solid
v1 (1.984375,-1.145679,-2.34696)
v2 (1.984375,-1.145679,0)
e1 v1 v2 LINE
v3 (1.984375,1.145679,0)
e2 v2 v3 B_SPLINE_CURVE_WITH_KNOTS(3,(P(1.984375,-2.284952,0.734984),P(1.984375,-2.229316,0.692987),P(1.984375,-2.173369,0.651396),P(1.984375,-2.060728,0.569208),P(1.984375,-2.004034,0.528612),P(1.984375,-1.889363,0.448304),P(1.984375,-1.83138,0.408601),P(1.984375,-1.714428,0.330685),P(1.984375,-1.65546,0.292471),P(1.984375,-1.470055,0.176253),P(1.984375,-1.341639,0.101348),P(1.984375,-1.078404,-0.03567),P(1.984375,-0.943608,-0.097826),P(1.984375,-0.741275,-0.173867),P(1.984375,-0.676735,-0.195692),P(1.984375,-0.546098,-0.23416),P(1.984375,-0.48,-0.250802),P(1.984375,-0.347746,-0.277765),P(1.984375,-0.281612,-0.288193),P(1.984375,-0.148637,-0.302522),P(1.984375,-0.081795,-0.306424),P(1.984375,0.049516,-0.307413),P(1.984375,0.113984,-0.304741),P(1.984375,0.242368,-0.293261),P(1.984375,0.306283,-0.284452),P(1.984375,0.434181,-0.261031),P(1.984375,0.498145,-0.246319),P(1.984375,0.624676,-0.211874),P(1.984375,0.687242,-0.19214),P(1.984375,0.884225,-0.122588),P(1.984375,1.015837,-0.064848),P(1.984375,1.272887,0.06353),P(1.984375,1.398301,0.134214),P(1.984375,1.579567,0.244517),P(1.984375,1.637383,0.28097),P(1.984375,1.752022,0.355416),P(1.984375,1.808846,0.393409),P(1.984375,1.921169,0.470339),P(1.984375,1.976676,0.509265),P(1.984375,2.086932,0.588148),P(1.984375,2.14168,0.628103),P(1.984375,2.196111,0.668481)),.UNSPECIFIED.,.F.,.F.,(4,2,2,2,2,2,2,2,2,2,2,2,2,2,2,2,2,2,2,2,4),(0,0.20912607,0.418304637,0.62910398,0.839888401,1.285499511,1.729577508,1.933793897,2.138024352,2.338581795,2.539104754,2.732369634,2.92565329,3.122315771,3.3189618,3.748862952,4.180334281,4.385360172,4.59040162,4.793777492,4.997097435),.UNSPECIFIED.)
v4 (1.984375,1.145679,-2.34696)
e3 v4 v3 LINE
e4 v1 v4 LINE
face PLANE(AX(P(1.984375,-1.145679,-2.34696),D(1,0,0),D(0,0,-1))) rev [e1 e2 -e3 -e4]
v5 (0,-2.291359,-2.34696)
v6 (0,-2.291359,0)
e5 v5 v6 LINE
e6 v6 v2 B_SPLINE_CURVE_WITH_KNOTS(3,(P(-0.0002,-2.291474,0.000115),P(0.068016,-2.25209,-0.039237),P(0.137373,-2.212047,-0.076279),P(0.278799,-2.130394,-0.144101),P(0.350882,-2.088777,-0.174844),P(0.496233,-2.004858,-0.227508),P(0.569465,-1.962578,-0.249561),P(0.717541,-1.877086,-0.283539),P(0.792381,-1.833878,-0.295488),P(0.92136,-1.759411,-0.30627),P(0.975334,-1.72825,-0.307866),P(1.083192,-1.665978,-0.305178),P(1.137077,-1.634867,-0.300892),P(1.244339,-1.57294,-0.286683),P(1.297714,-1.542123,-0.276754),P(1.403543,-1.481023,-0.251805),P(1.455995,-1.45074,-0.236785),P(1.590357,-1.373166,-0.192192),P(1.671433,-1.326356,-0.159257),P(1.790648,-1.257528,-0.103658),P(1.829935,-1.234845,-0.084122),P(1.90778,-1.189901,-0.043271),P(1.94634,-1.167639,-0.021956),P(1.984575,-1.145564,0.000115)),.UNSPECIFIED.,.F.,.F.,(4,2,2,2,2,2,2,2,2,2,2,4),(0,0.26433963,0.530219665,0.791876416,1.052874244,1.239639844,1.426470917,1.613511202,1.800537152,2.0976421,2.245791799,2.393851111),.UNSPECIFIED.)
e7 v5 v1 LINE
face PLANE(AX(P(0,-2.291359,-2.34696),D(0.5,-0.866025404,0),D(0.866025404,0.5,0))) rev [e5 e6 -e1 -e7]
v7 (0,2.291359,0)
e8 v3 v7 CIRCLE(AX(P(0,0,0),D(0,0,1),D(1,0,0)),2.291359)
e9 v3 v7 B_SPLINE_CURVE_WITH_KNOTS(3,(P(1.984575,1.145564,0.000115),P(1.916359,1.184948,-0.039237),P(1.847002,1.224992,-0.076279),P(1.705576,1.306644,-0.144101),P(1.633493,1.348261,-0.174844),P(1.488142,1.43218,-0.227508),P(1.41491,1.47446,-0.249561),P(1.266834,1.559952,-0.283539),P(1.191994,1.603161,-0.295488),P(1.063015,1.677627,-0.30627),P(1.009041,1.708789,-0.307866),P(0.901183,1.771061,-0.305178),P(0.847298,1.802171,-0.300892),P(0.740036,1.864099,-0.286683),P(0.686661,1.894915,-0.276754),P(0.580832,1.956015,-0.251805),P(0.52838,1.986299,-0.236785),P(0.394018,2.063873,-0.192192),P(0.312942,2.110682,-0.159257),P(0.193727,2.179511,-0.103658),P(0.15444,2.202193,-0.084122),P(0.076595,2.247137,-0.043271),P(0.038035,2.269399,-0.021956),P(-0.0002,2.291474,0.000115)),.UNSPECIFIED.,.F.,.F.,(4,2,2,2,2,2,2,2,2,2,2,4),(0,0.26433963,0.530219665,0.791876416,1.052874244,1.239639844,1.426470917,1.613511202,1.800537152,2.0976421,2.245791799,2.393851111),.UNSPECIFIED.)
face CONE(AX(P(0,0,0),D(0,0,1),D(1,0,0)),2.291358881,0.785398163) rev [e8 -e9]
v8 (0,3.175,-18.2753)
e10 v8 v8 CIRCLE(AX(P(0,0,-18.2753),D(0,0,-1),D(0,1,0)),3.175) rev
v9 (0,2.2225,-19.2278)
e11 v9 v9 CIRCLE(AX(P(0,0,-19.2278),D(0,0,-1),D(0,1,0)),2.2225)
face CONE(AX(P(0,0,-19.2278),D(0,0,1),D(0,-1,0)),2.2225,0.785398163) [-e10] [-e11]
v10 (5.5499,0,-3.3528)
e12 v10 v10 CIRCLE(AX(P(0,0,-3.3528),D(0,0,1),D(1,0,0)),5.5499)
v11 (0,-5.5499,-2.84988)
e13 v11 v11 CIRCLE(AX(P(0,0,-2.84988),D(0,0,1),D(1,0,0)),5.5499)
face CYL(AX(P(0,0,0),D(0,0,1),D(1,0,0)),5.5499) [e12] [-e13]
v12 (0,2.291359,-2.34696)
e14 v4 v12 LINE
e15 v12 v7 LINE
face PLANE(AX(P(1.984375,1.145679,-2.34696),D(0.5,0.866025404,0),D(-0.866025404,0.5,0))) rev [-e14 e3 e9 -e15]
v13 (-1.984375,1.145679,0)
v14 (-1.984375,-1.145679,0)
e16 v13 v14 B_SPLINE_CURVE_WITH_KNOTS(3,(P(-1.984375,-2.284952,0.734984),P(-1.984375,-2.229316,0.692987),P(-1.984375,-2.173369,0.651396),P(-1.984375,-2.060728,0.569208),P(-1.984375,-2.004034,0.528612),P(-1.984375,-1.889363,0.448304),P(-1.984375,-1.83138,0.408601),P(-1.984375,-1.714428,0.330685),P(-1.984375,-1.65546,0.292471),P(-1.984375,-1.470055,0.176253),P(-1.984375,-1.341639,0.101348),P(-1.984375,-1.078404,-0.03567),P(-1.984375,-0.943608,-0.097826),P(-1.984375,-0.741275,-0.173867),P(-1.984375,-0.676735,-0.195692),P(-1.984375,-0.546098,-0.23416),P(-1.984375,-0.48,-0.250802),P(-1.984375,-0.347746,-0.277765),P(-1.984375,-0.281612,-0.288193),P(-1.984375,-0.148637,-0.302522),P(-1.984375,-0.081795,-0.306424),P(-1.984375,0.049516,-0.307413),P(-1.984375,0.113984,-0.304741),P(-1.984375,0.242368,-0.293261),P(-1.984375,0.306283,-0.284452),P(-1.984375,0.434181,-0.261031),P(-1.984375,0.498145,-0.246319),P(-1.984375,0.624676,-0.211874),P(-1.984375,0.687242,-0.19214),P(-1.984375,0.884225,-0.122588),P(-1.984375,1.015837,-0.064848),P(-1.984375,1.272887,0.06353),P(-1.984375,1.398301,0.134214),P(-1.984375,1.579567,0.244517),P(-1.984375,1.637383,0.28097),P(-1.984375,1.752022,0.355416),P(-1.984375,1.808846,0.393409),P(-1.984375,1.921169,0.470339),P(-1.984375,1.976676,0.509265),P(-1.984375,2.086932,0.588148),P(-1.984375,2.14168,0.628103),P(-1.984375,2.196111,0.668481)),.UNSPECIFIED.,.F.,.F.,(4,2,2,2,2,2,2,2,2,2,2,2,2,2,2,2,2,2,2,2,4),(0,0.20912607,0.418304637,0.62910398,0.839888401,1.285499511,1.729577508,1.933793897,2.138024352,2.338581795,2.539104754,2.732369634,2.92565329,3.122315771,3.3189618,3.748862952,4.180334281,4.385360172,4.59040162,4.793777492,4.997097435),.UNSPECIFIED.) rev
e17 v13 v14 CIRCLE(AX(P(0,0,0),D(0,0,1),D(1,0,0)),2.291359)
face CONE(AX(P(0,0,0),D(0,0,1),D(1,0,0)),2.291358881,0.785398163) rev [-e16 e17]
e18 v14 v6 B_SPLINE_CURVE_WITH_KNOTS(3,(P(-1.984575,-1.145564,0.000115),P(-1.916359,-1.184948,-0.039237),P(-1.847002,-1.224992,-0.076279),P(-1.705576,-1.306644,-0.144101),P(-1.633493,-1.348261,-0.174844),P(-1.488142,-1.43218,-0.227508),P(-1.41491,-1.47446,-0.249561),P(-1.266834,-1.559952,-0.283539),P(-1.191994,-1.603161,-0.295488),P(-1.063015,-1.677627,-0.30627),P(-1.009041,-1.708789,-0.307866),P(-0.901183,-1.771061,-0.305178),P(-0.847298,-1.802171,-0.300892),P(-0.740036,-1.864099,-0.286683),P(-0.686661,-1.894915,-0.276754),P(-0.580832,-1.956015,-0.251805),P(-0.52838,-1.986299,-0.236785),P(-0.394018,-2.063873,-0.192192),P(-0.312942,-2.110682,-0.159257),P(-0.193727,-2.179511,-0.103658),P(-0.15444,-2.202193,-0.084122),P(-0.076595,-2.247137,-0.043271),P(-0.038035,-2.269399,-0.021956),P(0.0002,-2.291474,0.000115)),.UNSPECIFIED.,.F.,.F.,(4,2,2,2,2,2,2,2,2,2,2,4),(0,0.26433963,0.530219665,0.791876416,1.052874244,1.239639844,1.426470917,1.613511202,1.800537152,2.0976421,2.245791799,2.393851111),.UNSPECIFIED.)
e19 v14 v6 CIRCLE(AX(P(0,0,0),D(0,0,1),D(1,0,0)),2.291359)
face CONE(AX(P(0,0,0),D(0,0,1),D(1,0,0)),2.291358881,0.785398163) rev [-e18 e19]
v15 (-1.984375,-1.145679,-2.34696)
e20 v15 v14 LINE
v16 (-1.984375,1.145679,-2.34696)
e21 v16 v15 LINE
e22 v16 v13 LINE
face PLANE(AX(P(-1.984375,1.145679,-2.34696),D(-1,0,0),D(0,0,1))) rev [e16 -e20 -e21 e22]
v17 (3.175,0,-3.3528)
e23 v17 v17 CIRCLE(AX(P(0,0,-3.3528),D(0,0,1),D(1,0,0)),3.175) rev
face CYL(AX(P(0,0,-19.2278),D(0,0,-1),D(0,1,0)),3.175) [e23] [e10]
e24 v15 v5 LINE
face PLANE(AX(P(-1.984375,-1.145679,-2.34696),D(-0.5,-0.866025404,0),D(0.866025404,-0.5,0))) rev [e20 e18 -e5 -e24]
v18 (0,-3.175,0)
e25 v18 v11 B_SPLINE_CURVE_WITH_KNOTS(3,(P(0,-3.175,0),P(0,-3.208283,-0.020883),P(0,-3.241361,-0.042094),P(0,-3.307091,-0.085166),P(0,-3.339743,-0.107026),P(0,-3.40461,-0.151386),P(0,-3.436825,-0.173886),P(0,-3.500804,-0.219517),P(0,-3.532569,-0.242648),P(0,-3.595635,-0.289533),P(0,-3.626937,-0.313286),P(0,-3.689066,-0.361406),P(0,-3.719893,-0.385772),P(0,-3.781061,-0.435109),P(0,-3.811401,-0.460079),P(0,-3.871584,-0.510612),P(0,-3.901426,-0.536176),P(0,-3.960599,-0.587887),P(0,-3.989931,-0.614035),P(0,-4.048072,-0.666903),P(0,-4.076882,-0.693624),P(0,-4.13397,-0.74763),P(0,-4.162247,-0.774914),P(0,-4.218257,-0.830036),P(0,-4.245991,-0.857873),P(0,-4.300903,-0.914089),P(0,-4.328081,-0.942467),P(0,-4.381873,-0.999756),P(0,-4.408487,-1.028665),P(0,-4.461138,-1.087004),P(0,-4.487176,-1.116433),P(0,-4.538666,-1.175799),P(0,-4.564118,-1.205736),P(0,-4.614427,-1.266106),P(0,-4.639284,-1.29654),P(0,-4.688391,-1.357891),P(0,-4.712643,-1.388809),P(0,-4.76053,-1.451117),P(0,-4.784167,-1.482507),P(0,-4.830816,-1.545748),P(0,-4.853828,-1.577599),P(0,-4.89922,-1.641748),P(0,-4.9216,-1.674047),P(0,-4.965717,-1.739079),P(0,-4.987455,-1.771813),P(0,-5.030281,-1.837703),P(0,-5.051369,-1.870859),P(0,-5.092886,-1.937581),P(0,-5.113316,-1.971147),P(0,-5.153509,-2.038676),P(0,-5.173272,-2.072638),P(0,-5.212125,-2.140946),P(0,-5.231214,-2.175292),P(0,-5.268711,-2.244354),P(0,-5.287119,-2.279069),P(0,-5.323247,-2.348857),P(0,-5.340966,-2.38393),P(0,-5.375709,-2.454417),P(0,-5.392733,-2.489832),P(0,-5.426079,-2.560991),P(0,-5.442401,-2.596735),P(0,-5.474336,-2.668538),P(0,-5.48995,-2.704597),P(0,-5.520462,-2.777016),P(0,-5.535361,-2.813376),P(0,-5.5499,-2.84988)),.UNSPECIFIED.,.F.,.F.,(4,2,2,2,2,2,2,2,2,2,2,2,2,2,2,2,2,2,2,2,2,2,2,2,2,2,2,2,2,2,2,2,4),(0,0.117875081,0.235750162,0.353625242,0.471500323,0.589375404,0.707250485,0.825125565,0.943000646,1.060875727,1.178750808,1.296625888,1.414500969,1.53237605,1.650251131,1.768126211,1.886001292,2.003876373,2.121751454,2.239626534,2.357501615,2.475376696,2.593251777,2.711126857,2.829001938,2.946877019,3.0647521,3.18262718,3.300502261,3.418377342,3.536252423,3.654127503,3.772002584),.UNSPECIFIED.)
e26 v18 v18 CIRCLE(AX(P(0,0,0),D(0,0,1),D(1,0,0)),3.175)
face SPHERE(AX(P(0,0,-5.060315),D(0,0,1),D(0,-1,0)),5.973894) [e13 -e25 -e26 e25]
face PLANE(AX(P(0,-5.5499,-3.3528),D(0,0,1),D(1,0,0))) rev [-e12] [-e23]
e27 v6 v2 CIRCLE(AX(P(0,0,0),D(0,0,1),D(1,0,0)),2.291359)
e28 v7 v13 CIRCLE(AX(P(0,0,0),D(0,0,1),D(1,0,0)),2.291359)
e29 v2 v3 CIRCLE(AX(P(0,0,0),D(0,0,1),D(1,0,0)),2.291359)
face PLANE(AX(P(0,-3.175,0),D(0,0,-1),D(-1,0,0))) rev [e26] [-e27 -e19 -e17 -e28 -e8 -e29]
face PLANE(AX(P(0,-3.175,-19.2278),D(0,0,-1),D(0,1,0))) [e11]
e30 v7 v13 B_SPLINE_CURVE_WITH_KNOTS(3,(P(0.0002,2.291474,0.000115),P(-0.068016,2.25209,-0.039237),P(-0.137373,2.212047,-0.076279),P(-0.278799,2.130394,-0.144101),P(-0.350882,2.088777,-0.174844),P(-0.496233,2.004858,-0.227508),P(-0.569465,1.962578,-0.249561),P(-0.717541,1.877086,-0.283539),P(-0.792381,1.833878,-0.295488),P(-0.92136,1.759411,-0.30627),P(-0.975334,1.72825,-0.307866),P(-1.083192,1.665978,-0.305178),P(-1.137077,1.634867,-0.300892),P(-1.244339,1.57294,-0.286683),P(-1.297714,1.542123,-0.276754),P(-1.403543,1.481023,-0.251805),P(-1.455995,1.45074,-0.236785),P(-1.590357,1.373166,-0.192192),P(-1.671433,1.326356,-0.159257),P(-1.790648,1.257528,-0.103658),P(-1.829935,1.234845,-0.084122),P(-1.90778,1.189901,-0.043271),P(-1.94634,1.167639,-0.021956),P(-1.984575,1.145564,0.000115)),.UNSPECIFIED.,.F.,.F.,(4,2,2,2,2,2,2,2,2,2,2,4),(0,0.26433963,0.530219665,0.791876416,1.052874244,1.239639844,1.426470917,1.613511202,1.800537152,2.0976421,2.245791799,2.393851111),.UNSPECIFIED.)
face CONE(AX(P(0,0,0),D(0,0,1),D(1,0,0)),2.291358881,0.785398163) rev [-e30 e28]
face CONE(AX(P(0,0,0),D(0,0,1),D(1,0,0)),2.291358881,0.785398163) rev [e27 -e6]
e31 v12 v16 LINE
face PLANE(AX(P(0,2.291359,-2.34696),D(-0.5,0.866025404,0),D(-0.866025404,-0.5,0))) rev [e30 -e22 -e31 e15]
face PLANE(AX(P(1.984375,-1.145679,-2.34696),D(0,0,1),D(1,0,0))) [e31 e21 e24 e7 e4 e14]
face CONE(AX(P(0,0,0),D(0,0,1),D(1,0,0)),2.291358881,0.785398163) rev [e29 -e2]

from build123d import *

# Parameters (mm, degrees)
SKETCH1_W          = 15.875
SKETCH1_H          = 3.175
CHAMFER1_SIZE      = 0.9525
CUT_EXTRUDE2_DEPTH = 2.34696


with BuildPart() as part:
    # Sketch1 → Revolve1 (revolve)
    with BuildSketch(Plane(origin=(0, 0, 0), x_dir=(0, 0, -1), z_dir=(1, 0, 0))):
        with Locations((11.2903, 1.5875)):
            Rectangle(SKETCH1_W, SKETCH1_H)
    revolve(axis=Axis((0, 0, -19.2278), (0, 0, 1)))

    # Chamfer1
    chamfer1_edges = [part.edges().sort_by_distance(p)[0] for p in [
        (0, -3.175, -19.2278),
    ]]
    chamfer(chamfer1_edges, length=CHAMFER1_SIZE)

    # Sketch7 → Revolve2 (revolve)
    with BuildSketch(Plane(origin=(0, 0, 0), x_dir=(0, 0, -1), z_dir=(1, 0, 0))):
        with BuildLine():
            Line((2.84988, 5.5499), (3.3528, 5.5499))
            Line((3.3528, 5.5499), (3.3528, 0))
            Line((3.3528, 0), (0, 0))
            Line((0, 0), (0, 3.175))
            ThreePointArc((0, 3.175), (1.235921075, 4.58927271), (2.84988, 5.5499))
        make_face()
    revolve(axis=Axis((0, 0, 0), (0, 0, -1)))

    # Sketch5 → Cut-Extrude2 (cut)
    with BuildSketch(Plane.XY):
        Polygon((1.984375, -1.14567944), (1.984375, 1.14567944), (0, 2.291358881), (-1.984375, 1.14567944), (-1.984375, -1.14567944), (0, -2.291358881), align=None)
    extrude(amount=-CUT_EXTRUDE2_DEPTH, mode=Mode.SUBTRACT)

    # Cut-Extrude3 cone 1 section (through the dimple's axis) → Cut-Extrude3 (revolve, cut)
    with BuildSketch(Plane(origin=(0, 0, 0), x_dir=(0, -1, 0), z_dir=(1, 0, 0))):
        Polygon((0, 0), (2.291358881, 0), (0, 2.291358881), align=None)
    revolve(axis=Axis((0, 0, 0), (0, 0, -1)), mode=Mode.SUBTRACT)


solid = part.part
